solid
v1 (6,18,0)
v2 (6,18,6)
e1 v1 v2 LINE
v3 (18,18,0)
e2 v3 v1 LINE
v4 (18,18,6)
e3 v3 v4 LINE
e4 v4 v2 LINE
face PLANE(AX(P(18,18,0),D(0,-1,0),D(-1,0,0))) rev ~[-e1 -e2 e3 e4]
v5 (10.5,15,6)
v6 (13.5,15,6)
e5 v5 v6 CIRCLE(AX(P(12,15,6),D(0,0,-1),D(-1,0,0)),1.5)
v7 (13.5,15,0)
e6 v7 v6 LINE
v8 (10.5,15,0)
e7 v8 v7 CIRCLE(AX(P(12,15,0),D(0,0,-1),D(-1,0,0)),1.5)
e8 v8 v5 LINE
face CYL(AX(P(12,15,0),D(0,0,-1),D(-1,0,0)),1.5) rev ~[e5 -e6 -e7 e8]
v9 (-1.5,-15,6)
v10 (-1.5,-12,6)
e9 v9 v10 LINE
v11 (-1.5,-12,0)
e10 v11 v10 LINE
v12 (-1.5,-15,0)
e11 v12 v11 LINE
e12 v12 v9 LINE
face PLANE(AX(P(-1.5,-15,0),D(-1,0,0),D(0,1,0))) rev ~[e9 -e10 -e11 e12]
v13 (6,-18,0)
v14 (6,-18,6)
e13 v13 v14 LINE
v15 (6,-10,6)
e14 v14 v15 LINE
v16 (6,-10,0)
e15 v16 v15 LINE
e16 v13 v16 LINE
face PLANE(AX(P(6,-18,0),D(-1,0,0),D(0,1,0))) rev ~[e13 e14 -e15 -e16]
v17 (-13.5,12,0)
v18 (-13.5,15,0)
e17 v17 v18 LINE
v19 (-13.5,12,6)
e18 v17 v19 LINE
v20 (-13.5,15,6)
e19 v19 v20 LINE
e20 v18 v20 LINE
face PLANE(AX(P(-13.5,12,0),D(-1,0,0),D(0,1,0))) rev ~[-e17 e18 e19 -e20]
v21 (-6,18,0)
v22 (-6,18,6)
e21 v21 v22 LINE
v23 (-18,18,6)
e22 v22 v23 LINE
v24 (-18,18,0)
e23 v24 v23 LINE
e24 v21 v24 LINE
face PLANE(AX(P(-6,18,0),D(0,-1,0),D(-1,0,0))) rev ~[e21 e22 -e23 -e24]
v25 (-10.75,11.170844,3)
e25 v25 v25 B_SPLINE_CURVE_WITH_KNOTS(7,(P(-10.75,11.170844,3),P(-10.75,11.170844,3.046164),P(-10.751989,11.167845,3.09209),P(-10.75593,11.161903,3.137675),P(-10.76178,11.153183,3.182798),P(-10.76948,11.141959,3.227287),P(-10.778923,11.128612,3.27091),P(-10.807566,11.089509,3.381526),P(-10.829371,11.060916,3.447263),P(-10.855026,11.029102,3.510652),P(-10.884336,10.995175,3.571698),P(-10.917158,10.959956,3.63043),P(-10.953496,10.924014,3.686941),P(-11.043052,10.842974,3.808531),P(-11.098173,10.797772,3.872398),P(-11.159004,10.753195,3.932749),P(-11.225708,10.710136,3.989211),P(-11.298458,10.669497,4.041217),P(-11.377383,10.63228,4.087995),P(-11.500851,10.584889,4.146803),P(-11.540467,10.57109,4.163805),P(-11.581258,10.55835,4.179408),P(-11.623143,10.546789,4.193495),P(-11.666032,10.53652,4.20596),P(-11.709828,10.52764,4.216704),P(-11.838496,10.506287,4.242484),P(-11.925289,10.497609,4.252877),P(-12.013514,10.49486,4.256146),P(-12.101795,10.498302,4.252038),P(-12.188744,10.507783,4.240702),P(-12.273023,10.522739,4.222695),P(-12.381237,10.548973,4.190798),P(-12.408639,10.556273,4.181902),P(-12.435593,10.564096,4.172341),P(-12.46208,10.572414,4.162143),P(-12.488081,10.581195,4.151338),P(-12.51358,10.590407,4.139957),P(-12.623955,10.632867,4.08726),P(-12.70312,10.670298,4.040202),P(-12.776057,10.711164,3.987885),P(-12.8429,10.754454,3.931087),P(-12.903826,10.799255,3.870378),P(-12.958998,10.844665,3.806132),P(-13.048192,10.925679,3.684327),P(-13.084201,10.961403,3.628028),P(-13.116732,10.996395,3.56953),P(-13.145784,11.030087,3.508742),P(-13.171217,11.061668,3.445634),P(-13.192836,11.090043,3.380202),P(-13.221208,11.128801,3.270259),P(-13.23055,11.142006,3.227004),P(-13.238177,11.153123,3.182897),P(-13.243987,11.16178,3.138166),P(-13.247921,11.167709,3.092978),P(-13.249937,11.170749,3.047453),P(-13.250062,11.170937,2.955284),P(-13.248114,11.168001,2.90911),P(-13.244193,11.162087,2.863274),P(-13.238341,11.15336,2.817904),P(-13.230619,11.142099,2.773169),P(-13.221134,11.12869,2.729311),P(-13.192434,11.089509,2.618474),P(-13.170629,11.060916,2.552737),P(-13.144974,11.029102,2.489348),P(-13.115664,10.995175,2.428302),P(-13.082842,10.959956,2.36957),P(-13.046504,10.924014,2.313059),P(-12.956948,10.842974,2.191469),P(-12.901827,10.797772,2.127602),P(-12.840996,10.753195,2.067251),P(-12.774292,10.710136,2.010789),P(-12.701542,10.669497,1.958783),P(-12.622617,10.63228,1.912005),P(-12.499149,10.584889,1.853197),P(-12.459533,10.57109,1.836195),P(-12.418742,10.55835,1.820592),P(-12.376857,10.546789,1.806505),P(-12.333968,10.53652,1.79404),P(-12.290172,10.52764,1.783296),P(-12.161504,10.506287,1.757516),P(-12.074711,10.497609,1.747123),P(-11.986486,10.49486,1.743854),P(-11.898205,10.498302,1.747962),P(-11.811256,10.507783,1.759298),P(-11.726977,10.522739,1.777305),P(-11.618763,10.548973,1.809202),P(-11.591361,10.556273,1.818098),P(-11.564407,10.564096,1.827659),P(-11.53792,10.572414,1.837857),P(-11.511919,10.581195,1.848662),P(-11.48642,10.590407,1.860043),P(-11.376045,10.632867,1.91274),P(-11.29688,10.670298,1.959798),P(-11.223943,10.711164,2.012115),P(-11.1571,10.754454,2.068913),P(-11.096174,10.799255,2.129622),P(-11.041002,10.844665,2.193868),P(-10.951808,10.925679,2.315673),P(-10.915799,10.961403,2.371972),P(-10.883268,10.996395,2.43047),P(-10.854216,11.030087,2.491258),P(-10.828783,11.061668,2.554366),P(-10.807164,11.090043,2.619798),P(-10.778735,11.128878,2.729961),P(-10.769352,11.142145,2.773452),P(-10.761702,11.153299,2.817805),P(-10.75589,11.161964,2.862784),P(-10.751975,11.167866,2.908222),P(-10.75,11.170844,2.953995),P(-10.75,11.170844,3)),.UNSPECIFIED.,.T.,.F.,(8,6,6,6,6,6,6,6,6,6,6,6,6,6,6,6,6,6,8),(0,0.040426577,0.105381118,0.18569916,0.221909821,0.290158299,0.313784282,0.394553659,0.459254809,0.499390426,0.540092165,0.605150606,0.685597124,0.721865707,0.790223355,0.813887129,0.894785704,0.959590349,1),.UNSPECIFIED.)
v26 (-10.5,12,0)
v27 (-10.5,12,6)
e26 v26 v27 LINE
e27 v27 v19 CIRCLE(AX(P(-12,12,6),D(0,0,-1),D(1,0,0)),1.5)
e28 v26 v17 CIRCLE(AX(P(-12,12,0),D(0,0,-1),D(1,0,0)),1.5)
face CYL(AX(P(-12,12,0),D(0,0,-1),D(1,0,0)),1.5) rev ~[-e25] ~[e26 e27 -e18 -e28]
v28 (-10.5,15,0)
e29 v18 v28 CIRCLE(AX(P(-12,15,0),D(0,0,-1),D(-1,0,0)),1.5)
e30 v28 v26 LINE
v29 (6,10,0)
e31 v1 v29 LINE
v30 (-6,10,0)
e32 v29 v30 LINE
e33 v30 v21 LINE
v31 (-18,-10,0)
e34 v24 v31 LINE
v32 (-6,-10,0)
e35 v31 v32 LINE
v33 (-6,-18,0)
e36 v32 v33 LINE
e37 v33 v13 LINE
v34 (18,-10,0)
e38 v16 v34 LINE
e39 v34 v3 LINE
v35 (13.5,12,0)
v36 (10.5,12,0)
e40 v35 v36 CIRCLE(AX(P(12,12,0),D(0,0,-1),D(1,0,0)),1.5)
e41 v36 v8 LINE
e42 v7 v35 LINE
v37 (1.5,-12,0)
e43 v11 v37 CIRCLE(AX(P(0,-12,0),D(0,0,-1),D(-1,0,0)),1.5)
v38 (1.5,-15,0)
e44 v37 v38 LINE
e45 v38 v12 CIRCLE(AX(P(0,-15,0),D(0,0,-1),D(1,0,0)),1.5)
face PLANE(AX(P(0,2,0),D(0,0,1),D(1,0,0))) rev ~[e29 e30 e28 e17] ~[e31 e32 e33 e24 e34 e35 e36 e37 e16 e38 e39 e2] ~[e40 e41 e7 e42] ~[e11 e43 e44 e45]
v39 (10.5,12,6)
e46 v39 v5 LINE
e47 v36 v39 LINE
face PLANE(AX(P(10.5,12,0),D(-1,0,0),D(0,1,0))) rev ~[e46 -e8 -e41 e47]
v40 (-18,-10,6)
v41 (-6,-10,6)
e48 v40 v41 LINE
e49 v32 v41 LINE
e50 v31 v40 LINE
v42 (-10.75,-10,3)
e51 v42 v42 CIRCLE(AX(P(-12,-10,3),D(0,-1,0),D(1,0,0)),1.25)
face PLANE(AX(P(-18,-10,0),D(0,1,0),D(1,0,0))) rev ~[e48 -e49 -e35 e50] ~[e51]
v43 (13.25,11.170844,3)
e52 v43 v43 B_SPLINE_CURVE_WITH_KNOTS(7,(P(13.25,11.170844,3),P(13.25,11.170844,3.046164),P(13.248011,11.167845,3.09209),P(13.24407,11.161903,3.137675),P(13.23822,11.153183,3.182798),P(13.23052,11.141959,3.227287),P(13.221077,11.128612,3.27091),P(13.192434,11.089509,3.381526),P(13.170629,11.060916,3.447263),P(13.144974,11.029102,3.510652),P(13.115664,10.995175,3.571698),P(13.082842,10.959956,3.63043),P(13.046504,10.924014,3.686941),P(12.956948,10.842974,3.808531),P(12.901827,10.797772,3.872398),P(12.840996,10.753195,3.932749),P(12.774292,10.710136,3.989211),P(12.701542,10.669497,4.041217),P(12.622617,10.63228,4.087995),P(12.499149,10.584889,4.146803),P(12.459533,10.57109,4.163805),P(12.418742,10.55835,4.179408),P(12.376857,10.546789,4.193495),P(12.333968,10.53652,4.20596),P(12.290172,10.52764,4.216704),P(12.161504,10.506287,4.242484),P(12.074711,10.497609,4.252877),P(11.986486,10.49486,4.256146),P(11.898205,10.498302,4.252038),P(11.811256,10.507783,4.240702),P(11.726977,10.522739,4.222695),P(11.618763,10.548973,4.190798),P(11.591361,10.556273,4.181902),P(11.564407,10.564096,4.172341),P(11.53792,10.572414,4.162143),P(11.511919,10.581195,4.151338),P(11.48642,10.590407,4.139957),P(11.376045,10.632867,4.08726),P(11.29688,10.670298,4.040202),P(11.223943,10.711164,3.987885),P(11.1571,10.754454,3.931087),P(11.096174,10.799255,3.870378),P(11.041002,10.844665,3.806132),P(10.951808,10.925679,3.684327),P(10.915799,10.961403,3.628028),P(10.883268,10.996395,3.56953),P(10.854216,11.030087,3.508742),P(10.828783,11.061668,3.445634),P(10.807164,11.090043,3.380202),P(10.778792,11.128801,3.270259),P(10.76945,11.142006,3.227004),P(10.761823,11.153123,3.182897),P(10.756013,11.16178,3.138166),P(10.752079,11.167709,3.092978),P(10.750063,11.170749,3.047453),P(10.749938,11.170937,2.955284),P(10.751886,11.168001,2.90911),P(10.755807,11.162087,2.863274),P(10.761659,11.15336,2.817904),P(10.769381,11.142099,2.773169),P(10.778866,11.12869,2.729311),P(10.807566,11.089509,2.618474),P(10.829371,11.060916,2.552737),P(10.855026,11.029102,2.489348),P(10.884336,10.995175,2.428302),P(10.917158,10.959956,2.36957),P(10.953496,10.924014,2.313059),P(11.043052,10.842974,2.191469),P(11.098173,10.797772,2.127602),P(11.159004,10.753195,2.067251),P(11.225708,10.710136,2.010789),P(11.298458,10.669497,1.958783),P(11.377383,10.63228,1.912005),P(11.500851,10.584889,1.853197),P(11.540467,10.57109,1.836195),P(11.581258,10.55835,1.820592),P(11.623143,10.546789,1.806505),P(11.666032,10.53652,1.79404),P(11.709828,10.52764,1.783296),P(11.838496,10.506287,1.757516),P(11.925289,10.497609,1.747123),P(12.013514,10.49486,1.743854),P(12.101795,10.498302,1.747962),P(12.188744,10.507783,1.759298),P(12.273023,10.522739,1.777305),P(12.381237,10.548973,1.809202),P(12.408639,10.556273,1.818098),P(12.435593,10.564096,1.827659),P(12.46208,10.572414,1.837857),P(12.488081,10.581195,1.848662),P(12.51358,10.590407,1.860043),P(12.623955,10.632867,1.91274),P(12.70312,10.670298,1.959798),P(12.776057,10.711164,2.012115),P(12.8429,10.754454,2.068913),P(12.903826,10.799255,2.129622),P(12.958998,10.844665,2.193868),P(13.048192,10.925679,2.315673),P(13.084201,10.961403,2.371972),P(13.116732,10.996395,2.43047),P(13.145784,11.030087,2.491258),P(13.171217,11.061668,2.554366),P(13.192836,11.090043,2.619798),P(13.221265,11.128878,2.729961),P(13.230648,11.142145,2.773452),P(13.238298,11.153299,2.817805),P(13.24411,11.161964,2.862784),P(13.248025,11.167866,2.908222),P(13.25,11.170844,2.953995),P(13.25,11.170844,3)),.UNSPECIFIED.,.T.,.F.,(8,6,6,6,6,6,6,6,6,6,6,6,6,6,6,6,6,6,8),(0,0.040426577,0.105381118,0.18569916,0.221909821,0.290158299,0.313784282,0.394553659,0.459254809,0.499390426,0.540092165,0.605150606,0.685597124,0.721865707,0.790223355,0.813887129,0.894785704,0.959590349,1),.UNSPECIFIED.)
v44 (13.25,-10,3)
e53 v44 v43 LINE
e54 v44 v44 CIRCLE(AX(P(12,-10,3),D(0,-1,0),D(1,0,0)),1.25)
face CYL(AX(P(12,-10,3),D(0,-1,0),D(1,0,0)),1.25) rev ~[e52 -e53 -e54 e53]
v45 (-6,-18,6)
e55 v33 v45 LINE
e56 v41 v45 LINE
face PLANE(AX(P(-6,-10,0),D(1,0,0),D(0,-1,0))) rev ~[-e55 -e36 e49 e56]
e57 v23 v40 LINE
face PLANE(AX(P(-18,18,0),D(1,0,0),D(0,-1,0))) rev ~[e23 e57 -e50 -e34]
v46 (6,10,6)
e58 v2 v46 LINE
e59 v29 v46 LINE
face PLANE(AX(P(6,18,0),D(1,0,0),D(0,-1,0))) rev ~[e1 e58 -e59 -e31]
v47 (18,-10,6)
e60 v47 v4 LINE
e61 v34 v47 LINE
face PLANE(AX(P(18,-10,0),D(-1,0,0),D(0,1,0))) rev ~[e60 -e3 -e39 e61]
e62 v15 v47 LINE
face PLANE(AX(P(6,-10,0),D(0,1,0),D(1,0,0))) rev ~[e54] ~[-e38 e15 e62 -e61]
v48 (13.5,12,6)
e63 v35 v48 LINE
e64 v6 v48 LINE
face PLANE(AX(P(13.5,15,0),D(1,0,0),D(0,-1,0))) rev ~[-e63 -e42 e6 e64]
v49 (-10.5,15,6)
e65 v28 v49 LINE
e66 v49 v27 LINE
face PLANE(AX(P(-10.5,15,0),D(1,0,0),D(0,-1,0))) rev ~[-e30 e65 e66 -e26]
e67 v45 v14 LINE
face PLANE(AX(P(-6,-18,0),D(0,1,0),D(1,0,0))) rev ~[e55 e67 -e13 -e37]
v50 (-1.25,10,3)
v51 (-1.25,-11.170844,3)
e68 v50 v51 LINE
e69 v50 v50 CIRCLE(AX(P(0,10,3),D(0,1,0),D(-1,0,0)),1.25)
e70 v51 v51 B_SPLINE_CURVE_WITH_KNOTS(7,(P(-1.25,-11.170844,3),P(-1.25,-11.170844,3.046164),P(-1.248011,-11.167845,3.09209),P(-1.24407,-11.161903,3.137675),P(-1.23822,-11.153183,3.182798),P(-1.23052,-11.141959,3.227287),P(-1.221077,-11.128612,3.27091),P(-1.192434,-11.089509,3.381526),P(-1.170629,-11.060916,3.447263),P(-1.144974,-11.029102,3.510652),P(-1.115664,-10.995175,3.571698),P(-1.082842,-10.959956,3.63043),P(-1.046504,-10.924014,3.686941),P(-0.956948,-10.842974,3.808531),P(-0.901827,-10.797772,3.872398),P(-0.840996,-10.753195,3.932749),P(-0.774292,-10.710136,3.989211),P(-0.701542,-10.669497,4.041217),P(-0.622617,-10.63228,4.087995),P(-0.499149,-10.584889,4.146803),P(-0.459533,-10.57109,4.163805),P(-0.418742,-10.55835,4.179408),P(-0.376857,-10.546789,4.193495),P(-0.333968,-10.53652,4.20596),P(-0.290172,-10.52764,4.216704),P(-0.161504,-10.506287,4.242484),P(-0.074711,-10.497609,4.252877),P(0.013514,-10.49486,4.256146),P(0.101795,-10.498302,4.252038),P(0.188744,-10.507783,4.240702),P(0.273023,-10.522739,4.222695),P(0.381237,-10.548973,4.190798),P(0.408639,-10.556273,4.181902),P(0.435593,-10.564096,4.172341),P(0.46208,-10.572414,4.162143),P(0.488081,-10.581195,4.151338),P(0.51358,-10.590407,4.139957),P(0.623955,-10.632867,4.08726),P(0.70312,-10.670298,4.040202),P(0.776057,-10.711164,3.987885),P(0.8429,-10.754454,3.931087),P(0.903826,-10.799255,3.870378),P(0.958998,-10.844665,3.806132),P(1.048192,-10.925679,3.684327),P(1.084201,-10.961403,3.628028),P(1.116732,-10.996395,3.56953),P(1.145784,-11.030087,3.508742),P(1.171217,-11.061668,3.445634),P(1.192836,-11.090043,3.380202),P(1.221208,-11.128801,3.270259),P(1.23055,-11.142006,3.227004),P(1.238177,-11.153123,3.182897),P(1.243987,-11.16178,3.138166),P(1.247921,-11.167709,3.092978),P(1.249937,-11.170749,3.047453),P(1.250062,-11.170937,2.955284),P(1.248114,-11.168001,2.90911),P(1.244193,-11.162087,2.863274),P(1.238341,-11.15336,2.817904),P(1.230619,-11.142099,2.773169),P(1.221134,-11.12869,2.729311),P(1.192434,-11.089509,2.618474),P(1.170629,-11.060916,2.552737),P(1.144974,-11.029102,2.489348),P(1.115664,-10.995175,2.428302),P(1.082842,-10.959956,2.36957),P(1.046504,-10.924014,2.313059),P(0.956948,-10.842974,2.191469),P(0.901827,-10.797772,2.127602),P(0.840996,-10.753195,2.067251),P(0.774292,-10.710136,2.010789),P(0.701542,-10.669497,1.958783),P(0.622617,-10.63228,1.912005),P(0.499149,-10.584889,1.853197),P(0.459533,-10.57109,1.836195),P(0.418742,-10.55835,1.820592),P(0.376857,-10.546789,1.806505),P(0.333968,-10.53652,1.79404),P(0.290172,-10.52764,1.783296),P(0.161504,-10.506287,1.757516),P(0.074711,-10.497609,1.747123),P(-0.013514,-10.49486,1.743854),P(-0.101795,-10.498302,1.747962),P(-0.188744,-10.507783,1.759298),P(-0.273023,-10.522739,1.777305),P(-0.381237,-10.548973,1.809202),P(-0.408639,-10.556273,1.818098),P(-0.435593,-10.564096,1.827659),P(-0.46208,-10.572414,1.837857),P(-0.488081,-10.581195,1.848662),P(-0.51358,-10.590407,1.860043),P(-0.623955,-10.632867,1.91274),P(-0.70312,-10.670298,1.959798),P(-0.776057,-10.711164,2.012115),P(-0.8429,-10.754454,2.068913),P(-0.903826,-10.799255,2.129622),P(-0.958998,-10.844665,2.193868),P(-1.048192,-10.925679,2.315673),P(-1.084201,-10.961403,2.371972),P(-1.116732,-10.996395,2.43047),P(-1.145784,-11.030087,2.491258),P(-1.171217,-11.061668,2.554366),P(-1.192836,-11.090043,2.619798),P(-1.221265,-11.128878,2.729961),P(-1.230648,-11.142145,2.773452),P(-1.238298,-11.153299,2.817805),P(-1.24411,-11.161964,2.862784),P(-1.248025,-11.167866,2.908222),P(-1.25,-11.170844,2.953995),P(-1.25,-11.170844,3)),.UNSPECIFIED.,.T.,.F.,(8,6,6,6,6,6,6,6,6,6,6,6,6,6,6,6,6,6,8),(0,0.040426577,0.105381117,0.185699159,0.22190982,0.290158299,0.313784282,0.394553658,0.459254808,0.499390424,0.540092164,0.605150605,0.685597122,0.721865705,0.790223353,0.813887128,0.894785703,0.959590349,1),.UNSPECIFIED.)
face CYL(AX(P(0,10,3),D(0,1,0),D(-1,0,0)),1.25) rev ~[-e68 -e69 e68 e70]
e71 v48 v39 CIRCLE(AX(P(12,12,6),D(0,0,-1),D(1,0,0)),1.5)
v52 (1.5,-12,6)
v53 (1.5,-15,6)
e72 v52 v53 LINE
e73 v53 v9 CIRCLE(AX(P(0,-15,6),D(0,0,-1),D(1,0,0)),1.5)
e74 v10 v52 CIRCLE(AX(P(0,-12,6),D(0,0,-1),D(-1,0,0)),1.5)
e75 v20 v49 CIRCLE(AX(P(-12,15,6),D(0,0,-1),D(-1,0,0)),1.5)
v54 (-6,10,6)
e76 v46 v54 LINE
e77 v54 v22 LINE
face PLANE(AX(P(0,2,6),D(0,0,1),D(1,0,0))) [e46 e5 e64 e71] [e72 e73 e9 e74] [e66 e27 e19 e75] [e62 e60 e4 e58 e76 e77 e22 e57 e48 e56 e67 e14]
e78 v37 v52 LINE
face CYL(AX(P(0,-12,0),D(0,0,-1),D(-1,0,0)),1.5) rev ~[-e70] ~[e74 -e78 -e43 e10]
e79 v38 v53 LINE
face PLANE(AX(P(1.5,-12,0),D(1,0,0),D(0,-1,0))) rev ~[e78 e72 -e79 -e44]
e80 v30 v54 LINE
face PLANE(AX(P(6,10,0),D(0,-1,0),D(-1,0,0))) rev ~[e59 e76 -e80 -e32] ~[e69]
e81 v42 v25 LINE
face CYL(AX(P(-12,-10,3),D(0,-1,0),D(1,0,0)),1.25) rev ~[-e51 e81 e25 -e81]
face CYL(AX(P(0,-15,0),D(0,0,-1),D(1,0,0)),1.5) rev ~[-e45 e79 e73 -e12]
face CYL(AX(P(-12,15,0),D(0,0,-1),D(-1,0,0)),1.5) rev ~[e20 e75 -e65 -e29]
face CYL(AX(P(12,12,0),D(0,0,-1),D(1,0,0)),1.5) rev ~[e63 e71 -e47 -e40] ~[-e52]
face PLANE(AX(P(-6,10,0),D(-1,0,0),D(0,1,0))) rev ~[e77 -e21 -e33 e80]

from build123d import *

# Parameters (mm, degrees)
F1_DEPTH = 6
F2_DEPTH = 6
F3_R     = 1.25
F4_DEPTH = 21.1718439024
F5_R     = 1.25
F6_DEPTH = 21.1718439024


with BuildPart() as f1:
    # F0 (on Top) → F1 (new body)
    with BuildSketch(Plane.XY):
        Polygon((-6, -18), (6, -18), (6, -10), (18, -10), (18, 18), (6, 18), (6, 10), (-6, 10), (-6, 18), (-18, 18), (-18, -10), (-6, -10), align=None)
        with BuildLine():
            Line((1.5, -12), (1.5, -15))
            ThreePointArc((1.5, -15), (0, -16.5), (-1.5, -15))
            Line((-1.5, -15), (-1.5, -12))
            ThreePointArc((-1.5, -12), (0, -10.5), (1.5, -12))
        make_face(mode=Mode.SUBTRACT)
        with BuildLine():
            ThreePointArc((-13.5, 15), (-12, 16.5), (-10.5, 15))
            Line((-10.5, 15), (-10.5, 12))
            ThreePointArc((-10.5, 12), (-12, 10.5), (-13.5, 12))
            Line((-13.5, 12), (-13.5, 15))
        make_face(mode=Mode.SUBTRACT)
        with BuildLine():
            Line((10.5, 12), (10.5, 15))
            ThreePointArc((10.5, 15), (12, 16.5), (13.5, 15))
            Line((13.5, 15), (13.5, 12))
            ThreePointArc((13.5, 12), (12, 10.5), (10.5, 12))
        make_face(mode=Mode.SUBTRACT)
    extrude(amount=F1_DEPTH)

    # F0 (on Top) → F2 (join)
    with BuildSketch(Plane.XY):
        Polygon((-6, -18), (6, -18), (6, -10), (18, -10), (18, 18), (6, 18), (6, 10), (-6, 10), (-6, 18), (-18, 18), (-18, -10), (-6, -10), align=None)
        with BuildLine():
            Line((1.5, -12), (1.5, -15))
            ThreePointArc((1.5, -15), (0, -16.5), (-1.5, -15))
            Line((-1.5, -15), (-1.5, -12))
            ThreePointArc((-1.5, -12), (0, -10.5), (1.5, -12))
        make_face(mode=Mode.SUBTRACT)
        with BuildLine():
            ThreePointArc((-13.5, 15), (-12, 16.5), (-10.5, 15))
            Line((-10.5, 15), (-10.5, 12))
            ThreePointArc((-10.5, 12), (-12, 10.5), (-13.5, 12))
            Line((-13.5, 12), (-13.5, 15))
        make_face(mode=Mode.SUBTRACT)
        with BuildLine():
            Line((10.5, 12), (10.5, 15))
            ThreePointArc((10.5, 15), (12, 16.5), (13.5, 15))
            Line((13.5, 15), (13.5, 12))
            ThreePointArc((13.5, 12), (12, 10.5), (10.5, 12))
        make_face(mode=Mode.SUBTRACT)
    extrude(amount=F2_DEPTH)

    # F3 (on face) → F4 (cut, through all)
    with BuildSketch(Plane.XZ.offset(10)):
        with Locations((-12, 3)):
            Circle(F3_R)
        with Locations((12, 3)):
            Circle(F3_R)
    extrude(amount=-F4_DEPTH, mode=Mode.SUBTRACT)

    # F5 (on face) → F6 (cut, through all)
    with BuildSketch(Plane(origin=(0, 10, 0), x_dir=(-1, 0, 0), z_dir=(0, 1, 0))):
        with Locations((0, 3)):
            Circle(F5_R)
    extrude(amount=-F6_DEPTH, mode=Mode.SUBTRACT)


solid = f1.part
